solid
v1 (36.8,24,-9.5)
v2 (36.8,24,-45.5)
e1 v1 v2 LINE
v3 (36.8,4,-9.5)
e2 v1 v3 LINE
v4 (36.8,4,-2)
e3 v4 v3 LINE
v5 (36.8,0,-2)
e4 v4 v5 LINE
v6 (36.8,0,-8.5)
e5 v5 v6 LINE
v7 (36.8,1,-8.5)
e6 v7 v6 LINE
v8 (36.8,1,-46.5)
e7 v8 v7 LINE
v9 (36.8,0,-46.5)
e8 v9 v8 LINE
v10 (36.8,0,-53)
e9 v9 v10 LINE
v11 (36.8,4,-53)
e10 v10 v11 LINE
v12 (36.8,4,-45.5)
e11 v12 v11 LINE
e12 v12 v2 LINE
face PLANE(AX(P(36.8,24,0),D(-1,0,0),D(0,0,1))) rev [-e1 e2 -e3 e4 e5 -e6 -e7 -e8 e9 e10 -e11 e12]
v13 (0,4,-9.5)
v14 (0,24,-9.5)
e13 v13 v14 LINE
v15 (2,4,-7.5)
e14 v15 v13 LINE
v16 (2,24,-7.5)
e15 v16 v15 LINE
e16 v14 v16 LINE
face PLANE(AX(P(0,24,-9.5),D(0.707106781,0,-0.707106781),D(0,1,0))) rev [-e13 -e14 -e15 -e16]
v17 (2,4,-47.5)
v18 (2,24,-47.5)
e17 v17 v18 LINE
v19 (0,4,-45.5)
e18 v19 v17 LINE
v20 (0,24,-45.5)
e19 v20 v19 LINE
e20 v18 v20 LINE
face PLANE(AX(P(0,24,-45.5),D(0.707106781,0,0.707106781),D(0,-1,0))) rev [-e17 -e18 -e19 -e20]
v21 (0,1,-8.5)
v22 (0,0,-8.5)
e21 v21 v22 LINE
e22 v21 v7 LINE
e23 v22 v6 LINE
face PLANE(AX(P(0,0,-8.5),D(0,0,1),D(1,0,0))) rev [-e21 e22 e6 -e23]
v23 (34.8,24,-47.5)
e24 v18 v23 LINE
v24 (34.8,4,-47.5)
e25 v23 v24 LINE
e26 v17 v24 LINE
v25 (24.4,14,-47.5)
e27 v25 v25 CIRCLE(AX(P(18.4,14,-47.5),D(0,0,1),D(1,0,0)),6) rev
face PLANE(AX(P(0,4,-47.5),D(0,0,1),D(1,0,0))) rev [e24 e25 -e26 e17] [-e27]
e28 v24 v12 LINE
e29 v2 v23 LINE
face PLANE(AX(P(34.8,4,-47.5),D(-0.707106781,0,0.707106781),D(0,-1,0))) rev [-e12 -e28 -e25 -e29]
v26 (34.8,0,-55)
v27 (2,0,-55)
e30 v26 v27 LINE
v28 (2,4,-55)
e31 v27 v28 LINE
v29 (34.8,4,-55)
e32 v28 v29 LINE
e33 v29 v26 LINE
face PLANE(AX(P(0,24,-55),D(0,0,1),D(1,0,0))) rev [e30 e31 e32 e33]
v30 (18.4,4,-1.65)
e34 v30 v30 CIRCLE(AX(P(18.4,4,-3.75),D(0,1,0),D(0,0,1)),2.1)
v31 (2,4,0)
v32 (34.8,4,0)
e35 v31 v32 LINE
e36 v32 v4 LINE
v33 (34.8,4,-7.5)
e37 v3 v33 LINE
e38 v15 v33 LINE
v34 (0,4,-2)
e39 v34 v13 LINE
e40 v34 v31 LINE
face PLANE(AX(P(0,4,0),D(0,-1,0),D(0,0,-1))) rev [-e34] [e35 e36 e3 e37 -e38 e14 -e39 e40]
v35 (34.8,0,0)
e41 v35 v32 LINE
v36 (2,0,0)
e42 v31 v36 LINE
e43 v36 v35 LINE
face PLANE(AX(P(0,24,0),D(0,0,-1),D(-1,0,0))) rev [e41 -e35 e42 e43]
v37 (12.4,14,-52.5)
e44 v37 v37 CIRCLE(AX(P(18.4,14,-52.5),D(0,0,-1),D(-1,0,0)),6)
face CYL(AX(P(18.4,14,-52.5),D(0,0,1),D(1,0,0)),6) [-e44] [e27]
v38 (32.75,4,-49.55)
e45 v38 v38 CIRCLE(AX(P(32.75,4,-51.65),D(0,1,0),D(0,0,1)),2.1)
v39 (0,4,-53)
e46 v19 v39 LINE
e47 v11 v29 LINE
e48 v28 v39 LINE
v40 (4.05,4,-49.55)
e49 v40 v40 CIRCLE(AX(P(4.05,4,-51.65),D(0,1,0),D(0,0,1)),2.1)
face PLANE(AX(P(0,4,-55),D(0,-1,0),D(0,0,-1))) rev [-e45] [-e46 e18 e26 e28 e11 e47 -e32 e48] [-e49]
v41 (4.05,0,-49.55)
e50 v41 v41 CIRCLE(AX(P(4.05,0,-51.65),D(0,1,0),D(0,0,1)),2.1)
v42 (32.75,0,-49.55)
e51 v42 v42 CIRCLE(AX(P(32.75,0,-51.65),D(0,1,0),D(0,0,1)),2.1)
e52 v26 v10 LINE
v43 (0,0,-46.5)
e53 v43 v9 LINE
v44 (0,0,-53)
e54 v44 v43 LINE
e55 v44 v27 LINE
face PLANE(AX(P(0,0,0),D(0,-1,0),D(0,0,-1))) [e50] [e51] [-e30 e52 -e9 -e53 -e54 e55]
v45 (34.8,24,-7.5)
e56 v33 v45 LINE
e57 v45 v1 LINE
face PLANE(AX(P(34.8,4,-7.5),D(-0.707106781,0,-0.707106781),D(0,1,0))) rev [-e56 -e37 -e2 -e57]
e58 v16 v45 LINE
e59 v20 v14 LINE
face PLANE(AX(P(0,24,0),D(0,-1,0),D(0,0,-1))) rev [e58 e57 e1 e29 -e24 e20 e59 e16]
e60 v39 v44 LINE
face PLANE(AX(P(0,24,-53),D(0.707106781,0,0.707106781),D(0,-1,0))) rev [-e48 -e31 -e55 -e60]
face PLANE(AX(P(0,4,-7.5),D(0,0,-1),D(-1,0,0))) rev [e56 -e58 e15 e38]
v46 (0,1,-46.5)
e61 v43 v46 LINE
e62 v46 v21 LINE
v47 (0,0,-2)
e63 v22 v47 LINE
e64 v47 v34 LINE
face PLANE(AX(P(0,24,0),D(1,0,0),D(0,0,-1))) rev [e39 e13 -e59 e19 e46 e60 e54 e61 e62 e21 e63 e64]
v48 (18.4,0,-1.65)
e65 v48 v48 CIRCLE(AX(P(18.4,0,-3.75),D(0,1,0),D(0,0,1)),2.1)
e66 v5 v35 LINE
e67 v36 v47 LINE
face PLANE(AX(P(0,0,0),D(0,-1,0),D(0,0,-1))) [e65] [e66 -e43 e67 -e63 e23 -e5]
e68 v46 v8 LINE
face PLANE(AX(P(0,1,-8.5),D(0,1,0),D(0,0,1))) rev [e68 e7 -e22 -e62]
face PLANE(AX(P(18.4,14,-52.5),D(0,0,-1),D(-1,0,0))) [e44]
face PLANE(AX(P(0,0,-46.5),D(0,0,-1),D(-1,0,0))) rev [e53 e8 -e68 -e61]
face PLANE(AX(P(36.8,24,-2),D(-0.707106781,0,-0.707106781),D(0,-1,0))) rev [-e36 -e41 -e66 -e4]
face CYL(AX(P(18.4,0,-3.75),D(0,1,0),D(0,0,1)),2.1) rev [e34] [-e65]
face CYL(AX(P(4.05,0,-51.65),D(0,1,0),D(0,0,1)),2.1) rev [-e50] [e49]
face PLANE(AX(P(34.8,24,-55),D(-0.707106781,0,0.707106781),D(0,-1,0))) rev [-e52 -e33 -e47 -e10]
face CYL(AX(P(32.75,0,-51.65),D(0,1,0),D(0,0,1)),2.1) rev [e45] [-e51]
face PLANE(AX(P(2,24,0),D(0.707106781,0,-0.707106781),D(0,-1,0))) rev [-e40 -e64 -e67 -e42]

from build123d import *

# Parameters (mm, degrees)
SKETCH3_W           = 36.8
SKETCH3_H           = 55
BOSS_EXTRUDE2_DEPTH = 24
SKETCH4_W           = 38
SKETCH4_H           = 1
SKETCH4_W_2         = 7.5
SKETCH4_H_2         = 20
CUT_EXTRUDE1_DEPTH  = 37.8
SKETCH5_R           = 2.1
CUT_EXTRUDE2_DEPTH  = 5
CHAMFER1_SIZE       = 2
SKETCH6_R           = 6
BOSS_EXTRUDE3_DEPTH = 5


with BuildPart() as part:
    # Sketch3 → Boss-Extrude2 (new body)
    with BuildSketch(Plane(origin=(0, 0, 0), x_dir=(1, 0, 0), z_dir=(0, 1, 0))):
        with Locations((18.4, 27.5)):
            Rectangle(SKETCH3_W, SKETCH3_H)
    extrude(amount=BOSS_EXTRUDE2_DEPTH)

    # Sketch4 → Cut-Extrude1 (cut, through all)
    with BuildSketch(Plane(origin=(36.8, 0, 0), x_dir=(0, 0, -1), z_dir=(1, 0, 0))):
        with Locations((27.5, 0.5)):
            Rectangle(SKETCH4_W, SKETCH4_H)
        with Locations((51.25, 14)):
            Rectangle(SKETCH4_W_2, SKETCH4_H_2)
        with Locations((3.75, 14)):
            Rectangle(SKETCH4_W_2, SKETCH4_H_2)
    extrude(amount=-CUT_EXTRUDE1_DEPTH, mode=Mode.SUBTRACT)

    # Sketch5 → Cut-Extrude2 (cut, through all)
    with BuildSketch(Plane(origin=(0, 4, 0), x_dir=(1, 0, 0), z_dir=(0, 1, 0))):
        with Locations((18.4, 3.75)):
            Circle(SKETCH5_R)
        with Locations((32.75, 51.65)):
            Circle(SKETCH5_R)
        with Locations((4.05, 51.65)):
            Circle(SKETCH5_R)
    extrude(amount=-CUT_EXTRUDE2_DEPTH, mode=Mode.SUBTRACT)

    # Chamfer1
    chamfer1_edges = [part.edges().sort_by_distance(p)[0] for p in [
        (0, 2, -55),
        (36.8, 2, -55),
        (36.8, 2, 0),
        (0, 2, 0),
        (0, 14, -47.5),
        (36.8, 14, -47.5),
        (0, 14, -7.5),
        (36.8, 14, -7.5),
    ]]
    chamfer(chamfer1_edges, length=CHAMFER1_SIZE)

    # Sketch6 → Boss-Extrude3 (add)
    with BuildSketch(Plane(origin=(0, 0, -47.5), x_dir=(-1, 0, 0), z_dir=(0, 0, -1))):
        with Locations((-18.4, 14)):
            Circle(SKETCH6_R)
    extrude(amount=BOSS_EXTRUDE3_DEPTH)


solid = part.part
